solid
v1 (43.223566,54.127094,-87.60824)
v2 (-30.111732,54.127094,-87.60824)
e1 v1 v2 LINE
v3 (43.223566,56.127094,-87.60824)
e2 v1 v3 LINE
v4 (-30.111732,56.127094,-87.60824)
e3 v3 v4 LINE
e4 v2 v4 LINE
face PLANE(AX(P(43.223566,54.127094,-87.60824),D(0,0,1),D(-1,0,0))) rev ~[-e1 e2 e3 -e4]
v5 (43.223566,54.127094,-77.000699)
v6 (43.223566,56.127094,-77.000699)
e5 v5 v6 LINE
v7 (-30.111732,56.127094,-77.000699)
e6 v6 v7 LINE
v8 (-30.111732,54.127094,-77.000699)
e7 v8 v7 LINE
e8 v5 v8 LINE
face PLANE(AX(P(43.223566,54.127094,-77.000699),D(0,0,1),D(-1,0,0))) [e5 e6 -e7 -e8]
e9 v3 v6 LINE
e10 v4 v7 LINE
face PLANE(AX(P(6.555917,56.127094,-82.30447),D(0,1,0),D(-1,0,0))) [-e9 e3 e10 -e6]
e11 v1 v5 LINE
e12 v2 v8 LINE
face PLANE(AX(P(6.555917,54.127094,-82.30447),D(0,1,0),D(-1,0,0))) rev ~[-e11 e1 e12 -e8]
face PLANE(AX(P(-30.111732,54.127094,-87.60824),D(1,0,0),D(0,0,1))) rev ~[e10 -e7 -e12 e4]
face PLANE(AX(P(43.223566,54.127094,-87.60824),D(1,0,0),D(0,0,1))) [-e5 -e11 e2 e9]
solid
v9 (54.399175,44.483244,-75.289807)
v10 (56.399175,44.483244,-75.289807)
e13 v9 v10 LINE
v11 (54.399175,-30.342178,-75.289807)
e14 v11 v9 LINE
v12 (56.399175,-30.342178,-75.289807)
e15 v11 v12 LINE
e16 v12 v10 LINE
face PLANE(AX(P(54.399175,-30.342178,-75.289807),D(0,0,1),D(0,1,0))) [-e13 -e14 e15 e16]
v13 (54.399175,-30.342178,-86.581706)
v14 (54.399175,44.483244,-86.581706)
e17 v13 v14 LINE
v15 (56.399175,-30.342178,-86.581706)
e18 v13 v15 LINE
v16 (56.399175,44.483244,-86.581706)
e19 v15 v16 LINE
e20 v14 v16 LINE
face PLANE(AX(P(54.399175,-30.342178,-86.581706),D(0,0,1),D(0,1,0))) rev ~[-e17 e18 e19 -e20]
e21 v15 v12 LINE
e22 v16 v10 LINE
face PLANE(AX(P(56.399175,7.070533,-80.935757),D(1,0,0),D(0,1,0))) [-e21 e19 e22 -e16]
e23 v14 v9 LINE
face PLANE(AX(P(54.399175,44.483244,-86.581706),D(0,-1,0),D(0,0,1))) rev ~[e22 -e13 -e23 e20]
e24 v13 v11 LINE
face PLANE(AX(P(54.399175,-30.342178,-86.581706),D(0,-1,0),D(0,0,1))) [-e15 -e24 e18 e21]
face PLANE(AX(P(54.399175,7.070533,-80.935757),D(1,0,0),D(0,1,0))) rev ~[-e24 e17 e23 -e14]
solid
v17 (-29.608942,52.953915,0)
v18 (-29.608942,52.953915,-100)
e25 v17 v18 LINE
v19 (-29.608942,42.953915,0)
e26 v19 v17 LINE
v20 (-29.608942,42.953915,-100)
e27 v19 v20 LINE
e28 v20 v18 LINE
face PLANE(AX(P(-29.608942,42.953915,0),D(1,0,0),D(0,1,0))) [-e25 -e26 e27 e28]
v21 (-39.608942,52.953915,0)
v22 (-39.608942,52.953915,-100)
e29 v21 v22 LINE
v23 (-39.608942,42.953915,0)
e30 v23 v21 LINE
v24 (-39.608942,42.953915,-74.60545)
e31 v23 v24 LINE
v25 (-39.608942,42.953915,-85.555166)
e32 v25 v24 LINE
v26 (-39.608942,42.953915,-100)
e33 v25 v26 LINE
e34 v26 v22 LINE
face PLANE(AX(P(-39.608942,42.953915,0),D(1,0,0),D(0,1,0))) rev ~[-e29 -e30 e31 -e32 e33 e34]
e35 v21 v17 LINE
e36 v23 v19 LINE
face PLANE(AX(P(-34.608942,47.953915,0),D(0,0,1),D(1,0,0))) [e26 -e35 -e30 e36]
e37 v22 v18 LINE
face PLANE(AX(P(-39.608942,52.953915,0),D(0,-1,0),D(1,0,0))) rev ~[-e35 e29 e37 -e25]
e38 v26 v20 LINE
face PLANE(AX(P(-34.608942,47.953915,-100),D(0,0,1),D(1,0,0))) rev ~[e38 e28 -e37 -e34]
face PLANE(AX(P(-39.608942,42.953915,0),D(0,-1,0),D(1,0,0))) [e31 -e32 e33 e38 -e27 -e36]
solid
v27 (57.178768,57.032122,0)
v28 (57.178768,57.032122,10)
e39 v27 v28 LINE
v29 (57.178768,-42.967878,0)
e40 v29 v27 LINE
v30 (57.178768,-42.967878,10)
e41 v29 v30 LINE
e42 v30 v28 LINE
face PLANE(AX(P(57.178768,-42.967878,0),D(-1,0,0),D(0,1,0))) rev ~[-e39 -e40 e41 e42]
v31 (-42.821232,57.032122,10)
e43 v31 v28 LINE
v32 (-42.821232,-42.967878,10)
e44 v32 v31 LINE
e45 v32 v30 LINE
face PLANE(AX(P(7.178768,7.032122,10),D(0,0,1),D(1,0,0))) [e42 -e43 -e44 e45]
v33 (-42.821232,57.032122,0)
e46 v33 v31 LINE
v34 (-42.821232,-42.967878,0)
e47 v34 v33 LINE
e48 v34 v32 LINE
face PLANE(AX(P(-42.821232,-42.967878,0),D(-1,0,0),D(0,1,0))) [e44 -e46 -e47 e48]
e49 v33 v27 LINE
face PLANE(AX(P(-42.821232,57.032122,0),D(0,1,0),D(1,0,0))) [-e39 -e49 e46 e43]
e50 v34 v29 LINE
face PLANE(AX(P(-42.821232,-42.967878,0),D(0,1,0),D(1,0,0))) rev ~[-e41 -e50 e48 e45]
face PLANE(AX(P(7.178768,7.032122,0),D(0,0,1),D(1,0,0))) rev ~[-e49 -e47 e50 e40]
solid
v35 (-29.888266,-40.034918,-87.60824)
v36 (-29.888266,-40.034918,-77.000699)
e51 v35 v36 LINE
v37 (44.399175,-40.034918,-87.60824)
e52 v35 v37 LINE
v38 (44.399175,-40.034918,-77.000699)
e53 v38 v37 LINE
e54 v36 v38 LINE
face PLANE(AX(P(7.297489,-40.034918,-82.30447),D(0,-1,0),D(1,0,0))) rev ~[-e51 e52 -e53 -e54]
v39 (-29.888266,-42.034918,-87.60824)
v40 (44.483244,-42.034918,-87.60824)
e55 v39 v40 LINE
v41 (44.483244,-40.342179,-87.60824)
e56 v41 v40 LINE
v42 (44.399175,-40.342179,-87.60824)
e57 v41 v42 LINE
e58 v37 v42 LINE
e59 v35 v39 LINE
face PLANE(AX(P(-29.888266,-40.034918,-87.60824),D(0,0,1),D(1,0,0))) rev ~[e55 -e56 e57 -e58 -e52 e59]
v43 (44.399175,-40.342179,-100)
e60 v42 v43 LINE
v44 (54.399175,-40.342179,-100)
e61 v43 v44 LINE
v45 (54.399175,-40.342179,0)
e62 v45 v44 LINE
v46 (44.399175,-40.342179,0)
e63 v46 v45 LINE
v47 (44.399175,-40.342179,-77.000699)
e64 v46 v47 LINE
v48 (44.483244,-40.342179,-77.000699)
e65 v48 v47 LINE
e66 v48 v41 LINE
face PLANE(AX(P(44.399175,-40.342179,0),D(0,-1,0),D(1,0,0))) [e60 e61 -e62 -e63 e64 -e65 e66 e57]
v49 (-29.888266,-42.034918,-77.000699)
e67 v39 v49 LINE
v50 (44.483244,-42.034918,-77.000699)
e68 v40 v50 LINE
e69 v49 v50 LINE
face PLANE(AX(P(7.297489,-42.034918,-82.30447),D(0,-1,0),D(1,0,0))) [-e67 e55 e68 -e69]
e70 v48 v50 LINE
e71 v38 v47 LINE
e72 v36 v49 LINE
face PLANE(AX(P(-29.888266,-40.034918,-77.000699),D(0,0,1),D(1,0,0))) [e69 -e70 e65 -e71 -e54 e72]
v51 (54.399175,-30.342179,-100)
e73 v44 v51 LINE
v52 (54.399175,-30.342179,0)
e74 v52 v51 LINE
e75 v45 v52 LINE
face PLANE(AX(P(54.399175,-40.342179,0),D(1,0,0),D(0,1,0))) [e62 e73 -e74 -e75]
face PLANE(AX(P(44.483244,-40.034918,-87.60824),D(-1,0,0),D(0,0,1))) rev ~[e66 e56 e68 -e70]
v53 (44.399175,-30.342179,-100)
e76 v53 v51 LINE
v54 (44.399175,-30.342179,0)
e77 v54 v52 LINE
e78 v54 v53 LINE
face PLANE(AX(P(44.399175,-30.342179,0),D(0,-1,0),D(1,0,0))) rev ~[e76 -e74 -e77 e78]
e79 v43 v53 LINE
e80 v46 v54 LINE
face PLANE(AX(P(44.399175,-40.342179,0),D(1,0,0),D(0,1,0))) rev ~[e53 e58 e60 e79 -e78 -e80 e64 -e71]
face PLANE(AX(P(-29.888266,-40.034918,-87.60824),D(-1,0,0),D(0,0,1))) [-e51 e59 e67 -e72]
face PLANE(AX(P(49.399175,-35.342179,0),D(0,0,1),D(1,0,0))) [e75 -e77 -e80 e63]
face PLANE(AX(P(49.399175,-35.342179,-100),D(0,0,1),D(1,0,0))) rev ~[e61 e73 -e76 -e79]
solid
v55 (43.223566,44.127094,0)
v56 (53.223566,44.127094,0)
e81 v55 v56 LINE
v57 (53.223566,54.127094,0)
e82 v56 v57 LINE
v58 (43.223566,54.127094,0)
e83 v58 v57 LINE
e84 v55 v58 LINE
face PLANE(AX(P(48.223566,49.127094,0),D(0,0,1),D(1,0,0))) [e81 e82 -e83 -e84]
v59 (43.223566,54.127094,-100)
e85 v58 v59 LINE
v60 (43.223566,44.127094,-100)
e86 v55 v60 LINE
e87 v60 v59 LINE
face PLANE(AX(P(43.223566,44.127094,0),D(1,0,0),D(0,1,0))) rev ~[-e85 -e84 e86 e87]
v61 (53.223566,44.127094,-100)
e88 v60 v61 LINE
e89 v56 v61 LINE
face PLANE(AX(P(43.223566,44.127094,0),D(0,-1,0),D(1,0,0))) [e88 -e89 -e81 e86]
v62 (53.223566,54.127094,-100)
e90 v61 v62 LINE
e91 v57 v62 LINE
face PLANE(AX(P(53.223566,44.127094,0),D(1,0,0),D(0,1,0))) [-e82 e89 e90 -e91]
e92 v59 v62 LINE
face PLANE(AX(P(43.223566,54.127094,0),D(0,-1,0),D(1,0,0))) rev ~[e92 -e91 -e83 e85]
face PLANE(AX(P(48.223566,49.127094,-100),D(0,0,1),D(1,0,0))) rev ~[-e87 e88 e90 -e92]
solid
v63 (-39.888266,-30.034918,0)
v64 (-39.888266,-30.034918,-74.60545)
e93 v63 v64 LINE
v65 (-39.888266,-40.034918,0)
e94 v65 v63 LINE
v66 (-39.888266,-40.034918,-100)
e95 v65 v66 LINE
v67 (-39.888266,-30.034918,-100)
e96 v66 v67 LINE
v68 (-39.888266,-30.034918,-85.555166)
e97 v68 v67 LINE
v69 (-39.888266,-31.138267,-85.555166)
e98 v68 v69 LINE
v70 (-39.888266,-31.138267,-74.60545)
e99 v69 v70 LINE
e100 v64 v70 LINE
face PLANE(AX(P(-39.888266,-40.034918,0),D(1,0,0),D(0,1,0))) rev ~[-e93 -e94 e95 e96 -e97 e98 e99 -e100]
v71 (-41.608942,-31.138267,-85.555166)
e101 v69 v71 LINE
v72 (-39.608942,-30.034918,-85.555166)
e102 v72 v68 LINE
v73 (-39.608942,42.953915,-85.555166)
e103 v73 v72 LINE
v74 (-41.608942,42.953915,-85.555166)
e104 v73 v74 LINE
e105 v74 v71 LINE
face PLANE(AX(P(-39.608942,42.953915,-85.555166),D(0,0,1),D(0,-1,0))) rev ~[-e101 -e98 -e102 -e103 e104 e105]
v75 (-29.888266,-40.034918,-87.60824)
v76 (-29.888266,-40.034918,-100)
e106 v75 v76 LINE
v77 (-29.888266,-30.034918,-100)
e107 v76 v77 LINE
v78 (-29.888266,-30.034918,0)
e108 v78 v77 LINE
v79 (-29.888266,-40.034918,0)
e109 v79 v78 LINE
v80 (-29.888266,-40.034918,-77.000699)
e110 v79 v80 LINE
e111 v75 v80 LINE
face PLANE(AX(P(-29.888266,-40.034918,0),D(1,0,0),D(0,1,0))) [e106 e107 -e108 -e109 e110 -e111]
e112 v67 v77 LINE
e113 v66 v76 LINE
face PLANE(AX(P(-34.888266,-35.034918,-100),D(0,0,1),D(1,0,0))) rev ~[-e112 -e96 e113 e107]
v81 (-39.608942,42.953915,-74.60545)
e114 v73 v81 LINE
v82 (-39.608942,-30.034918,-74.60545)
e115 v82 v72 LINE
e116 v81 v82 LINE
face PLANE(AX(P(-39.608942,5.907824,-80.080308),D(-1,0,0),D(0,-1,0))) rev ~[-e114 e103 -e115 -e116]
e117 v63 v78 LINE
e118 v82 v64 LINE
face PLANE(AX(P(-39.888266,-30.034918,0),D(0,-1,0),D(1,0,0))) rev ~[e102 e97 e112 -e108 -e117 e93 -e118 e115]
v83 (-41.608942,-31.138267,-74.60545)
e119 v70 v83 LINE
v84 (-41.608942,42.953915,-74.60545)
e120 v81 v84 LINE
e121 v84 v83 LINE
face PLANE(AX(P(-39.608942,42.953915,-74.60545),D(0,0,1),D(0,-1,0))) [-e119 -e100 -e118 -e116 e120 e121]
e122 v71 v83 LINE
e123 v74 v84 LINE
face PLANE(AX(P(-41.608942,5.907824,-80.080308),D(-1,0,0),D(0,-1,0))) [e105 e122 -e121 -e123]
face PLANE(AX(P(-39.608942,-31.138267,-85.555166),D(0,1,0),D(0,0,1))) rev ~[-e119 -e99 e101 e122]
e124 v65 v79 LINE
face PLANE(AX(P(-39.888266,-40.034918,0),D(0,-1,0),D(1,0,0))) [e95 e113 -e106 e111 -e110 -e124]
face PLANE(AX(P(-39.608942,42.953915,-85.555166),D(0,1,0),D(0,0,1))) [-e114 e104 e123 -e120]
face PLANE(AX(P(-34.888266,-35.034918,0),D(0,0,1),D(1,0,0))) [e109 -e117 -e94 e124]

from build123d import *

# Parameters (mm, degrees)
F1_W      = 10
F1_H      = 10
F5_DEPTH  = 100
F2_W      = 10
F2_H      = 10
F6_DEPTH  = 100
F3_W      = 10
F3_H      = 10
F7_DEPTH  = 100
F4_W      = 10
F4_H      = 10
F8_DEPTH  = 100
F0_W      = 100
F0_H      = 100
F9_DEPTH  = 10
F10_W     = 74.825423
F10_H     = 11.291899
F11_DEPTH = 2
F12_W     = 74.37151
F12_H     = 10.607541
F13_DEPTH = 2
F14_W     = 74.092182
F14_H     = 10.949716
F15_DEPTH = 2
F16_W     = 73.335298
F16_H     = 10.607541
F17_DEPTH = 2


with BuildPart() as f5:
    # F1 (on Top) → F5 (new body)
    with BuildSketch(Plane.XY):
        with Locations((-34.888266, -35.034918)):
            Rectangle(F1_W, F1_H)
    extrude(amount=-F5_DEPTH)



with BuildPart() as f6:
    # F2 (on face) → F6 (new body)
    with BuildSketch(Plane.XY):
        with Locations((-34.608942, 47.953915)):
            Rectangle(F2_W, F2_H)
    extrude(amount=-F6_DEPTH)


with BuildPart() as f7:
    # F3 (on face) → F7 (new body)
    with BuildSketch(Plane.XY):
        with Locations((49.399175, -35.342179)):
            Rectangle(F3_W, F3_H)
    extrude(amount=-F7_DEPTH)


with BuildPart() as f8:
    # F4 (on face) → F8 (new body)
    with BuildSketch(Plane.XY):
        with Locations((48.223566, 49.127094)):
            Rectangle(F4_W, F4_H)
    extrude(amount=-F8_DEPTH)


with BuildPart() as f9:
    # F0 (on Top) → F9 (new body)
    with BuildSketch(Plane.XY):
        with Locations((7.178768, 7.032122)):
            Rectangle(F0_W, F0_H)
    extrude(amount=F9_DEPTH)


with BuildPart() as f11:
    # F10 (on face) → F11 (new body)
    with BuildSketch(Plane.YZ.offset(54.399175)):
        with Locations((7.070533, -80.935757)):
            Rectangle(F10_W, F10_H)
    extrude(amount=F11_DEPTH)


with BuildPart() as f5_1:
    add(f5.part)

    add(f7.part)  # F13 merges F7
    # F12 (on face) → F13 (join)
    with BuildSketch(Plane.XZ.offset(40.034918)):
        with Locations((7.297489, -82.30447)):
            Rectangle(F12_W, F12_H)
    extrude(amount=F13_DEPTH)


    add(f6.part)  # F15 merges F6
    # F14 (on face) → F15 (join)
    with BuildSketch(Plane(origin=(-39.608942, 0, 0), x_dir=(0, -1, 0), z_dir=(-1, 0, 0))):
        with Locations((-5.907824, -80.080308)):
            Rectangle(F14_W, F14_H)
    extrude(amount=F15_DEPTH)


with BuildPart() as f17:
    # F16 (on face) → F17 (new body)
    with BuildSketch(Plane(origin=(0, 54.127094, 0), x_dir=(-1, 0, 0), z_dir=(0, 1, 0))):
        with Locations((-6.555917, -82.30447)):
            Rectangle(F16_W, F16_H)
    extrude(amount=F17_DEPTH)


solid = Compound([f8.part, f9.part, f11.part, f5_1.part, f17.part])
